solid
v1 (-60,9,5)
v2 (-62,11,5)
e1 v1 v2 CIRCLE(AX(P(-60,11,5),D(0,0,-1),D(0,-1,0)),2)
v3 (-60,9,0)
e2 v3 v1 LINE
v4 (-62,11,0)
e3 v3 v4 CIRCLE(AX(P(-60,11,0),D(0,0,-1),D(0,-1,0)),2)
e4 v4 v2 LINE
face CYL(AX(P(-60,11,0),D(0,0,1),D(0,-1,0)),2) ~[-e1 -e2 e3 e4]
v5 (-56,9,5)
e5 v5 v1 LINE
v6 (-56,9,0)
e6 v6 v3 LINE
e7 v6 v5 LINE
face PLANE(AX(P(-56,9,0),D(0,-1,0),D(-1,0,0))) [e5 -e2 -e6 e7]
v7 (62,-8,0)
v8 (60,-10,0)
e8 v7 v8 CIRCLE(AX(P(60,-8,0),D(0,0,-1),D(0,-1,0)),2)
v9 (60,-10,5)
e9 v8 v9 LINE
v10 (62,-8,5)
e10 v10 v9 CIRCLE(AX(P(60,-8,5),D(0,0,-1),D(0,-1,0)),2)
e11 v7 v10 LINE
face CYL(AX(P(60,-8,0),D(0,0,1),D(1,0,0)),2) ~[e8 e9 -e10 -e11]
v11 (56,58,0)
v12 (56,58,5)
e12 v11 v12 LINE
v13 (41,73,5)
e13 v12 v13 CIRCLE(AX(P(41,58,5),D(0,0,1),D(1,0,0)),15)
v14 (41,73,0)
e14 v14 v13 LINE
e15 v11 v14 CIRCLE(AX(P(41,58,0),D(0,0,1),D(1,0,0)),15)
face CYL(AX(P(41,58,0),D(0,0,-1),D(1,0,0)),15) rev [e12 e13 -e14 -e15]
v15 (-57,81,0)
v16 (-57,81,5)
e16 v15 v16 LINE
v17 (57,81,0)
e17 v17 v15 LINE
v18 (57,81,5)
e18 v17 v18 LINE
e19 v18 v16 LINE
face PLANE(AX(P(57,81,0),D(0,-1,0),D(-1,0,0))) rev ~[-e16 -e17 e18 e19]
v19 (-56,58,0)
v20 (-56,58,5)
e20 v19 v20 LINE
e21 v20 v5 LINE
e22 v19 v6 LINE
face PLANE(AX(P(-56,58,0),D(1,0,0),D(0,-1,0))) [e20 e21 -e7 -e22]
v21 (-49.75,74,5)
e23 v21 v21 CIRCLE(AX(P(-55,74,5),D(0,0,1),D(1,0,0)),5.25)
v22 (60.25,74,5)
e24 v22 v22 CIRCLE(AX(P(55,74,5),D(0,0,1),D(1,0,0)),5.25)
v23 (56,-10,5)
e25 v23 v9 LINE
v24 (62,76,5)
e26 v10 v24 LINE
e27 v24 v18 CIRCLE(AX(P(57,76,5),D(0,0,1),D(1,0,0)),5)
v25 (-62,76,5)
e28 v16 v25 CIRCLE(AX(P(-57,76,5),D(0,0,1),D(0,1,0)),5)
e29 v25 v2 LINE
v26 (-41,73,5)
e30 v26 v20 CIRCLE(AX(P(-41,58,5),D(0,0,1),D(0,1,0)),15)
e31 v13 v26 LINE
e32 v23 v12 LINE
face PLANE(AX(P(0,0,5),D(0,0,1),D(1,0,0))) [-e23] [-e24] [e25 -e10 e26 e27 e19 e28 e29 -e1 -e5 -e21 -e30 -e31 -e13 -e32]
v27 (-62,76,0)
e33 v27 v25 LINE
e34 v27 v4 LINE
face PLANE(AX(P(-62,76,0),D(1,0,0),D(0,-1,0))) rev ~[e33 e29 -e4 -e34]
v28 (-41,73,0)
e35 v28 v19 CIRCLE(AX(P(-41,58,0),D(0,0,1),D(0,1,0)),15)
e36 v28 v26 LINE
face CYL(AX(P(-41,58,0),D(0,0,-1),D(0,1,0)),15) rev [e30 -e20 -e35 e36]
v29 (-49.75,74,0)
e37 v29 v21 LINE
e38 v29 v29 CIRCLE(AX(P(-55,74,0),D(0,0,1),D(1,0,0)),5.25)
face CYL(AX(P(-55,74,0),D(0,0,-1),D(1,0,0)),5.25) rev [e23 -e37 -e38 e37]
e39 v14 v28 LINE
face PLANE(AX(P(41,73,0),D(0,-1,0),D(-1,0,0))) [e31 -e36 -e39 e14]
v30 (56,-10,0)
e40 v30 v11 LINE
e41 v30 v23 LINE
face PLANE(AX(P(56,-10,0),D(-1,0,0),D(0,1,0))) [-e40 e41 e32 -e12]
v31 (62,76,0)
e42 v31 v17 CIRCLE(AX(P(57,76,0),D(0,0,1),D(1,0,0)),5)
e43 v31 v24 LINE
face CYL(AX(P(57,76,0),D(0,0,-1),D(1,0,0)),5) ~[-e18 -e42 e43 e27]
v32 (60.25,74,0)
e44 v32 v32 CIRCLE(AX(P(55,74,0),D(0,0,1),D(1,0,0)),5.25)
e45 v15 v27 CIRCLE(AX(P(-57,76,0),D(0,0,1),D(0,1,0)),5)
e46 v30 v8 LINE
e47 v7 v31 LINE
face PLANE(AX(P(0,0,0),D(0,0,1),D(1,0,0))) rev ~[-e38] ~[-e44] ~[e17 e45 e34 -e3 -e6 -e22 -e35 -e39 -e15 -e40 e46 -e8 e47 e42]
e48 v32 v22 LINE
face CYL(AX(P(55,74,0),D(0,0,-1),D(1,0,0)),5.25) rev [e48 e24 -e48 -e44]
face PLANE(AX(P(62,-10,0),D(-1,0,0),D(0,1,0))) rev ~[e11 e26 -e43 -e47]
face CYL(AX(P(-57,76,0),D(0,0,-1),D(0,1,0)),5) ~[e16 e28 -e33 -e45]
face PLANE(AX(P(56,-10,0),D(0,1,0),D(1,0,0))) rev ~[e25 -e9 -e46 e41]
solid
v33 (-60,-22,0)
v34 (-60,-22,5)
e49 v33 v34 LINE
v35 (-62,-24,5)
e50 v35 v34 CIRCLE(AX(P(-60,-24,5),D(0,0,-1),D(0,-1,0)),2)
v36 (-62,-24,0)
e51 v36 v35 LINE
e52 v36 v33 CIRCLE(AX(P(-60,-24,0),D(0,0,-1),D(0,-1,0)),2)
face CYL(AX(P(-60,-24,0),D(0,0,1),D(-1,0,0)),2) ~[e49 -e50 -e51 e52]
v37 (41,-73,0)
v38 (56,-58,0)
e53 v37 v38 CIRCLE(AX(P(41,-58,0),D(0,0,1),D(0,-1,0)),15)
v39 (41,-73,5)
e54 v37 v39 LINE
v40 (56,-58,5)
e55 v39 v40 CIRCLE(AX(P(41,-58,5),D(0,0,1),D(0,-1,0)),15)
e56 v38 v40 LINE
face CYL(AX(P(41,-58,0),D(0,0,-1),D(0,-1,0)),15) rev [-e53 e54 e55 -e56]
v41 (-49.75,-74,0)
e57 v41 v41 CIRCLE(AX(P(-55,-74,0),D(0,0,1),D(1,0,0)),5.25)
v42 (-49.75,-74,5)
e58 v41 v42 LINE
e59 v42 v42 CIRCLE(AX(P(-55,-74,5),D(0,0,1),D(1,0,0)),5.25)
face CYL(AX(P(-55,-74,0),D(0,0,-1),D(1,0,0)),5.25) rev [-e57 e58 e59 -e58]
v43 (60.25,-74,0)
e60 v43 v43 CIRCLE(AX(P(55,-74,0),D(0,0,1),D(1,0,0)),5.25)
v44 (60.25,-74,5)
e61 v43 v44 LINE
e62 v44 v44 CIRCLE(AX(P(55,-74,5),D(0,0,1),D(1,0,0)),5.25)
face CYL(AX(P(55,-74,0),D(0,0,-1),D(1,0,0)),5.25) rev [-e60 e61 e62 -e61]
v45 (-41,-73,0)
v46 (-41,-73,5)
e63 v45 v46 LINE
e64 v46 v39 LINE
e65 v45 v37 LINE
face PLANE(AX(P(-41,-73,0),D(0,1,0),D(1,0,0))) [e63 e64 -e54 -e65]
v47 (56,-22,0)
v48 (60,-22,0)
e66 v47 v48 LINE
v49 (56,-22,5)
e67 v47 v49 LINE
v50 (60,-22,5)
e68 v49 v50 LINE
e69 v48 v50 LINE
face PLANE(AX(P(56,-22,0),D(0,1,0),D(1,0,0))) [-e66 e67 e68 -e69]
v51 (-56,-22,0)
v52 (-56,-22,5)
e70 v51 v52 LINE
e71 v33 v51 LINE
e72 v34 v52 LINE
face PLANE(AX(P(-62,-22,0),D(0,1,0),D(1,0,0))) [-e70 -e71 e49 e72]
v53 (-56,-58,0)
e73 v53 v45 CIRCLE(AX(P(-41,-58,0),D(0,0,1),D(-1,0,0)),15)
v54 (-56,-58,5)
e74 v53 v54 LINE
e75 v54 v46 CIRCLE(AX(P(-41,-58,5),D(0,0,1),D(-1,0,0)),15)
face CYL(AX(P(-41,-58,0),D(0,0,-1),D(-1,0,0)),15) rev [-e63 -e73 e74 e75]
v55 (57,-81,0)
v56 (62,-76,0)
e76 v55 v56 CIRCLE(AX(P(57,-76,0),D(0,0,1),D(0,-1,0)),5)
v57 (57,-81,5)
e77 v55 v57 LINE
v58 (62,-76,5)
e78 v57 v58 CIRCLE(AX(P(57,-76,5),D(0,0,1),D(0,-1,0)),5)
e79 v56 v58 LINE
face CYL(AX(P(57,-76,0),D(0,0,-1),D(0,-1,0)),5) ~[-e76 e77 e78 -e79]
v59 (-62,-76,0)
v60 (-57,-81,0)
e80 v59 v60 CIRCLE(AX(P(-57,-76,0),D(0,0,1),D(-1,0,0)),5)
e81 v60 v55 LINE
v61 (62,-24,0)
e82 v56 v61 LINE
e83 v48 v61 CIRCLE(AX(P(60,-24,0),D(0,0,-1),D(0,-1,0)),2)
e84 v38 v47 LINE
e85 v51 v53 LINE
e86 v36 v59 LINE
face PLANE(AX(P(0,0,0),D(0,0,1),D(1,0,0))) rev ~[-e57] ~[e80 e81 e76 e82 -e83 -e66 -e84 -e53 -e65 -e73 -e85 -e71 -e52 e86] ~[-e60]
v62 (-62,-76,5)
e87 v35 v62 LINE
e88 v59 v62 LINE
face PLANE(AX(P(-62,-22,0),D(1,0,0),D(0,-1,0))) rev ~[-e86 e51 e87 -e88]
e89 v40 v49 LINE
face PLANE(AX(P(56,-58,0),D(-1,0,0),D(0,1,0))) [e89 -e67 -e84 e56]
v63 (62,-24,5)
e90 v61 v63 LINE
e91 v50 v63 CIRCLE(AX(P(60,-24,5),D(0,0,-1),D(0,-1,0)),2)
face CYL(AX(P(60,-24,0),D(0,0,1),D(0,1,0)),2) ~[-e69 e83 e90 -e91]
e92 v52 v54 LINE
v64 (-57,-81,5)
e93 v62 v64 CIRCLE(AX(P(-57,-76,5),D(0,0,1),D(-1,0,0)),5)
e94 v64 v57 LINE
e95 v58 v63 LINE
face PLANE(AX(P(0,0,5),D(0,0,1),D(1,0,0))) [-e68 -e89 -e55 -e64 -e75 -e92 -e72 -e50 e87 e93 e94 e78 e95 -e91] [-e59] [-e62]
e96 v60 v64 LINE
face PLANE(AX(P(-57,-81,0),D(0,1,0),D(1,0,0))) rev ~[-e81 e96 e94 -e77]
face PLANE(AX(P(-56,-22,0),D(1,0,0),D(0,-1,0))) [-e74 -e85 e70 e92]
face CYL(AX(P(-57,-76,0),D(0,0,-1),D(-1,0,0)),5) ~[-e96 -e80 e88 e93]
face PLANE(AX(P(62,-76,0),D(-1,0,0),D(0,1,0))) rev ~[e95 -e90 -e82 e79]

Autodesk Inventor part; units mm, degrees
ref_plane "YZ Plane" through (0, 0, 0) normal (1, 0, 0) x (0, 1, 0)
ref_plane "XZ Plane" through (0, 0, 0) normal (0, 1, 0) x (-1, 0, 0)
ref_plane "XY Plane" through (0, 0, 0) normal (0, 0, 1) x (1, 0, 0)
sketch "Sketch1" plane through (0, 0, 0) normal (0, 0, 1) x (1, 0, 0)
  line L0 (-57, -81) -> (57, -81)
  line L1 (62, -76) -> (62, -22)
  line L2 (57, 81) -> (-57, 81)
  line L3 (-62, 76) -> (-62, 9)
  line L4 (-41, -73) -> (41, -73)
  line L5 (56, -58) -> (56, -22)
  line L6 (41, 73) -> (-41, 73)
  line L7 (-56, 58) -> (-56, 9)
  arc A0 (-56, -58) -> (-41, -73) centre (-41, -58) ccw
  arc A1 (-41, 73) -> (-56, 58) centre (-41, 58) ccw
  arc A2 (56, 58) -> (41, 73) centre (41, 58) ccw
  arc A3 (41, -73) -> (56, -58) centre (41, -58) ccw
  line L8 (56, -22) -> (62, -22)
  line L9 (56, -10) -> (62, -10)
  line L10 (-56, 9) -> (-62, 9)
  line L11 (-62, -22) -> (-56, -22)
  line L12 (-62, -22) -> (-62, -76)
  line L13 (-62, 9) -> (-62, -22) construction
  line L14 (-56, -22) -> (-56, -58)
  line L15 (-56, 9) -> (-56, -22) construction
  line L16 (56, -22) -> (56, -10) construction
  line L17 (56, -10) -> (56, 58)
  line L18 (62, -22) -> (62, -10) construction
  line L19 (62, -10) -> (62, 76)
  arc A4 (-62, -76) -> (-57, -81) centre (-57, -76) ccw
  arc A5 (-57, 81) -> (-62, 76) centre (-57, 76) ccw
  arc A6 (62, 76) -> (57, 81) centre (57, 76) ccw
  arc A7 (57, -81) -> (62, -76) centre (57, -76) ccw
  circle A8 centre (-55, -74) radius 5.25
  line L20 (-92.4325, 0) -> (79.0499, 0) construction
  line L21 (0, -100.3717) -> (0, 120.689) construction
  circle A9 centre (-55, 74) radius 5.25
  circle A10 centre (55, -74) radius 5.25
  circle A11 centre (55, 74) radius 5.25
  point P0 (0, 0)
  point P1 (-62, -81)
  point P2 (62, 81)
  point P3 (-62, 81)
  dimension "d0" = 162
  dimension "d1" = 124
  dimension "d2" = 62
  dimension "d3" = 81
  dimension "d4" = 6
  dimension "d5" = 8
  dimension "d6" = 6
  dimension "d7" = 8
  dimension "d8" = 15
  dimension "d9" = 12
  dimension "d10" = 59
  dimension "d11" = 59
  dimension "d12" = 72
  dimension "d13" = 5
  dimension "d14" = 7
  dimension "d15" = 7
  dimension "d16" = 10.5
extrude "Extrusion1" add sketch "Sketch1" along normal blind 5
fillet "Fillet1" radius 2 4 edges at (62, -22, 2.5) (62, -10, 2.5) (-62, 9, 2.5) (-62, -22, 2.5)
properties part number "Plex_Rand_untere2" material "PET Plastic"
